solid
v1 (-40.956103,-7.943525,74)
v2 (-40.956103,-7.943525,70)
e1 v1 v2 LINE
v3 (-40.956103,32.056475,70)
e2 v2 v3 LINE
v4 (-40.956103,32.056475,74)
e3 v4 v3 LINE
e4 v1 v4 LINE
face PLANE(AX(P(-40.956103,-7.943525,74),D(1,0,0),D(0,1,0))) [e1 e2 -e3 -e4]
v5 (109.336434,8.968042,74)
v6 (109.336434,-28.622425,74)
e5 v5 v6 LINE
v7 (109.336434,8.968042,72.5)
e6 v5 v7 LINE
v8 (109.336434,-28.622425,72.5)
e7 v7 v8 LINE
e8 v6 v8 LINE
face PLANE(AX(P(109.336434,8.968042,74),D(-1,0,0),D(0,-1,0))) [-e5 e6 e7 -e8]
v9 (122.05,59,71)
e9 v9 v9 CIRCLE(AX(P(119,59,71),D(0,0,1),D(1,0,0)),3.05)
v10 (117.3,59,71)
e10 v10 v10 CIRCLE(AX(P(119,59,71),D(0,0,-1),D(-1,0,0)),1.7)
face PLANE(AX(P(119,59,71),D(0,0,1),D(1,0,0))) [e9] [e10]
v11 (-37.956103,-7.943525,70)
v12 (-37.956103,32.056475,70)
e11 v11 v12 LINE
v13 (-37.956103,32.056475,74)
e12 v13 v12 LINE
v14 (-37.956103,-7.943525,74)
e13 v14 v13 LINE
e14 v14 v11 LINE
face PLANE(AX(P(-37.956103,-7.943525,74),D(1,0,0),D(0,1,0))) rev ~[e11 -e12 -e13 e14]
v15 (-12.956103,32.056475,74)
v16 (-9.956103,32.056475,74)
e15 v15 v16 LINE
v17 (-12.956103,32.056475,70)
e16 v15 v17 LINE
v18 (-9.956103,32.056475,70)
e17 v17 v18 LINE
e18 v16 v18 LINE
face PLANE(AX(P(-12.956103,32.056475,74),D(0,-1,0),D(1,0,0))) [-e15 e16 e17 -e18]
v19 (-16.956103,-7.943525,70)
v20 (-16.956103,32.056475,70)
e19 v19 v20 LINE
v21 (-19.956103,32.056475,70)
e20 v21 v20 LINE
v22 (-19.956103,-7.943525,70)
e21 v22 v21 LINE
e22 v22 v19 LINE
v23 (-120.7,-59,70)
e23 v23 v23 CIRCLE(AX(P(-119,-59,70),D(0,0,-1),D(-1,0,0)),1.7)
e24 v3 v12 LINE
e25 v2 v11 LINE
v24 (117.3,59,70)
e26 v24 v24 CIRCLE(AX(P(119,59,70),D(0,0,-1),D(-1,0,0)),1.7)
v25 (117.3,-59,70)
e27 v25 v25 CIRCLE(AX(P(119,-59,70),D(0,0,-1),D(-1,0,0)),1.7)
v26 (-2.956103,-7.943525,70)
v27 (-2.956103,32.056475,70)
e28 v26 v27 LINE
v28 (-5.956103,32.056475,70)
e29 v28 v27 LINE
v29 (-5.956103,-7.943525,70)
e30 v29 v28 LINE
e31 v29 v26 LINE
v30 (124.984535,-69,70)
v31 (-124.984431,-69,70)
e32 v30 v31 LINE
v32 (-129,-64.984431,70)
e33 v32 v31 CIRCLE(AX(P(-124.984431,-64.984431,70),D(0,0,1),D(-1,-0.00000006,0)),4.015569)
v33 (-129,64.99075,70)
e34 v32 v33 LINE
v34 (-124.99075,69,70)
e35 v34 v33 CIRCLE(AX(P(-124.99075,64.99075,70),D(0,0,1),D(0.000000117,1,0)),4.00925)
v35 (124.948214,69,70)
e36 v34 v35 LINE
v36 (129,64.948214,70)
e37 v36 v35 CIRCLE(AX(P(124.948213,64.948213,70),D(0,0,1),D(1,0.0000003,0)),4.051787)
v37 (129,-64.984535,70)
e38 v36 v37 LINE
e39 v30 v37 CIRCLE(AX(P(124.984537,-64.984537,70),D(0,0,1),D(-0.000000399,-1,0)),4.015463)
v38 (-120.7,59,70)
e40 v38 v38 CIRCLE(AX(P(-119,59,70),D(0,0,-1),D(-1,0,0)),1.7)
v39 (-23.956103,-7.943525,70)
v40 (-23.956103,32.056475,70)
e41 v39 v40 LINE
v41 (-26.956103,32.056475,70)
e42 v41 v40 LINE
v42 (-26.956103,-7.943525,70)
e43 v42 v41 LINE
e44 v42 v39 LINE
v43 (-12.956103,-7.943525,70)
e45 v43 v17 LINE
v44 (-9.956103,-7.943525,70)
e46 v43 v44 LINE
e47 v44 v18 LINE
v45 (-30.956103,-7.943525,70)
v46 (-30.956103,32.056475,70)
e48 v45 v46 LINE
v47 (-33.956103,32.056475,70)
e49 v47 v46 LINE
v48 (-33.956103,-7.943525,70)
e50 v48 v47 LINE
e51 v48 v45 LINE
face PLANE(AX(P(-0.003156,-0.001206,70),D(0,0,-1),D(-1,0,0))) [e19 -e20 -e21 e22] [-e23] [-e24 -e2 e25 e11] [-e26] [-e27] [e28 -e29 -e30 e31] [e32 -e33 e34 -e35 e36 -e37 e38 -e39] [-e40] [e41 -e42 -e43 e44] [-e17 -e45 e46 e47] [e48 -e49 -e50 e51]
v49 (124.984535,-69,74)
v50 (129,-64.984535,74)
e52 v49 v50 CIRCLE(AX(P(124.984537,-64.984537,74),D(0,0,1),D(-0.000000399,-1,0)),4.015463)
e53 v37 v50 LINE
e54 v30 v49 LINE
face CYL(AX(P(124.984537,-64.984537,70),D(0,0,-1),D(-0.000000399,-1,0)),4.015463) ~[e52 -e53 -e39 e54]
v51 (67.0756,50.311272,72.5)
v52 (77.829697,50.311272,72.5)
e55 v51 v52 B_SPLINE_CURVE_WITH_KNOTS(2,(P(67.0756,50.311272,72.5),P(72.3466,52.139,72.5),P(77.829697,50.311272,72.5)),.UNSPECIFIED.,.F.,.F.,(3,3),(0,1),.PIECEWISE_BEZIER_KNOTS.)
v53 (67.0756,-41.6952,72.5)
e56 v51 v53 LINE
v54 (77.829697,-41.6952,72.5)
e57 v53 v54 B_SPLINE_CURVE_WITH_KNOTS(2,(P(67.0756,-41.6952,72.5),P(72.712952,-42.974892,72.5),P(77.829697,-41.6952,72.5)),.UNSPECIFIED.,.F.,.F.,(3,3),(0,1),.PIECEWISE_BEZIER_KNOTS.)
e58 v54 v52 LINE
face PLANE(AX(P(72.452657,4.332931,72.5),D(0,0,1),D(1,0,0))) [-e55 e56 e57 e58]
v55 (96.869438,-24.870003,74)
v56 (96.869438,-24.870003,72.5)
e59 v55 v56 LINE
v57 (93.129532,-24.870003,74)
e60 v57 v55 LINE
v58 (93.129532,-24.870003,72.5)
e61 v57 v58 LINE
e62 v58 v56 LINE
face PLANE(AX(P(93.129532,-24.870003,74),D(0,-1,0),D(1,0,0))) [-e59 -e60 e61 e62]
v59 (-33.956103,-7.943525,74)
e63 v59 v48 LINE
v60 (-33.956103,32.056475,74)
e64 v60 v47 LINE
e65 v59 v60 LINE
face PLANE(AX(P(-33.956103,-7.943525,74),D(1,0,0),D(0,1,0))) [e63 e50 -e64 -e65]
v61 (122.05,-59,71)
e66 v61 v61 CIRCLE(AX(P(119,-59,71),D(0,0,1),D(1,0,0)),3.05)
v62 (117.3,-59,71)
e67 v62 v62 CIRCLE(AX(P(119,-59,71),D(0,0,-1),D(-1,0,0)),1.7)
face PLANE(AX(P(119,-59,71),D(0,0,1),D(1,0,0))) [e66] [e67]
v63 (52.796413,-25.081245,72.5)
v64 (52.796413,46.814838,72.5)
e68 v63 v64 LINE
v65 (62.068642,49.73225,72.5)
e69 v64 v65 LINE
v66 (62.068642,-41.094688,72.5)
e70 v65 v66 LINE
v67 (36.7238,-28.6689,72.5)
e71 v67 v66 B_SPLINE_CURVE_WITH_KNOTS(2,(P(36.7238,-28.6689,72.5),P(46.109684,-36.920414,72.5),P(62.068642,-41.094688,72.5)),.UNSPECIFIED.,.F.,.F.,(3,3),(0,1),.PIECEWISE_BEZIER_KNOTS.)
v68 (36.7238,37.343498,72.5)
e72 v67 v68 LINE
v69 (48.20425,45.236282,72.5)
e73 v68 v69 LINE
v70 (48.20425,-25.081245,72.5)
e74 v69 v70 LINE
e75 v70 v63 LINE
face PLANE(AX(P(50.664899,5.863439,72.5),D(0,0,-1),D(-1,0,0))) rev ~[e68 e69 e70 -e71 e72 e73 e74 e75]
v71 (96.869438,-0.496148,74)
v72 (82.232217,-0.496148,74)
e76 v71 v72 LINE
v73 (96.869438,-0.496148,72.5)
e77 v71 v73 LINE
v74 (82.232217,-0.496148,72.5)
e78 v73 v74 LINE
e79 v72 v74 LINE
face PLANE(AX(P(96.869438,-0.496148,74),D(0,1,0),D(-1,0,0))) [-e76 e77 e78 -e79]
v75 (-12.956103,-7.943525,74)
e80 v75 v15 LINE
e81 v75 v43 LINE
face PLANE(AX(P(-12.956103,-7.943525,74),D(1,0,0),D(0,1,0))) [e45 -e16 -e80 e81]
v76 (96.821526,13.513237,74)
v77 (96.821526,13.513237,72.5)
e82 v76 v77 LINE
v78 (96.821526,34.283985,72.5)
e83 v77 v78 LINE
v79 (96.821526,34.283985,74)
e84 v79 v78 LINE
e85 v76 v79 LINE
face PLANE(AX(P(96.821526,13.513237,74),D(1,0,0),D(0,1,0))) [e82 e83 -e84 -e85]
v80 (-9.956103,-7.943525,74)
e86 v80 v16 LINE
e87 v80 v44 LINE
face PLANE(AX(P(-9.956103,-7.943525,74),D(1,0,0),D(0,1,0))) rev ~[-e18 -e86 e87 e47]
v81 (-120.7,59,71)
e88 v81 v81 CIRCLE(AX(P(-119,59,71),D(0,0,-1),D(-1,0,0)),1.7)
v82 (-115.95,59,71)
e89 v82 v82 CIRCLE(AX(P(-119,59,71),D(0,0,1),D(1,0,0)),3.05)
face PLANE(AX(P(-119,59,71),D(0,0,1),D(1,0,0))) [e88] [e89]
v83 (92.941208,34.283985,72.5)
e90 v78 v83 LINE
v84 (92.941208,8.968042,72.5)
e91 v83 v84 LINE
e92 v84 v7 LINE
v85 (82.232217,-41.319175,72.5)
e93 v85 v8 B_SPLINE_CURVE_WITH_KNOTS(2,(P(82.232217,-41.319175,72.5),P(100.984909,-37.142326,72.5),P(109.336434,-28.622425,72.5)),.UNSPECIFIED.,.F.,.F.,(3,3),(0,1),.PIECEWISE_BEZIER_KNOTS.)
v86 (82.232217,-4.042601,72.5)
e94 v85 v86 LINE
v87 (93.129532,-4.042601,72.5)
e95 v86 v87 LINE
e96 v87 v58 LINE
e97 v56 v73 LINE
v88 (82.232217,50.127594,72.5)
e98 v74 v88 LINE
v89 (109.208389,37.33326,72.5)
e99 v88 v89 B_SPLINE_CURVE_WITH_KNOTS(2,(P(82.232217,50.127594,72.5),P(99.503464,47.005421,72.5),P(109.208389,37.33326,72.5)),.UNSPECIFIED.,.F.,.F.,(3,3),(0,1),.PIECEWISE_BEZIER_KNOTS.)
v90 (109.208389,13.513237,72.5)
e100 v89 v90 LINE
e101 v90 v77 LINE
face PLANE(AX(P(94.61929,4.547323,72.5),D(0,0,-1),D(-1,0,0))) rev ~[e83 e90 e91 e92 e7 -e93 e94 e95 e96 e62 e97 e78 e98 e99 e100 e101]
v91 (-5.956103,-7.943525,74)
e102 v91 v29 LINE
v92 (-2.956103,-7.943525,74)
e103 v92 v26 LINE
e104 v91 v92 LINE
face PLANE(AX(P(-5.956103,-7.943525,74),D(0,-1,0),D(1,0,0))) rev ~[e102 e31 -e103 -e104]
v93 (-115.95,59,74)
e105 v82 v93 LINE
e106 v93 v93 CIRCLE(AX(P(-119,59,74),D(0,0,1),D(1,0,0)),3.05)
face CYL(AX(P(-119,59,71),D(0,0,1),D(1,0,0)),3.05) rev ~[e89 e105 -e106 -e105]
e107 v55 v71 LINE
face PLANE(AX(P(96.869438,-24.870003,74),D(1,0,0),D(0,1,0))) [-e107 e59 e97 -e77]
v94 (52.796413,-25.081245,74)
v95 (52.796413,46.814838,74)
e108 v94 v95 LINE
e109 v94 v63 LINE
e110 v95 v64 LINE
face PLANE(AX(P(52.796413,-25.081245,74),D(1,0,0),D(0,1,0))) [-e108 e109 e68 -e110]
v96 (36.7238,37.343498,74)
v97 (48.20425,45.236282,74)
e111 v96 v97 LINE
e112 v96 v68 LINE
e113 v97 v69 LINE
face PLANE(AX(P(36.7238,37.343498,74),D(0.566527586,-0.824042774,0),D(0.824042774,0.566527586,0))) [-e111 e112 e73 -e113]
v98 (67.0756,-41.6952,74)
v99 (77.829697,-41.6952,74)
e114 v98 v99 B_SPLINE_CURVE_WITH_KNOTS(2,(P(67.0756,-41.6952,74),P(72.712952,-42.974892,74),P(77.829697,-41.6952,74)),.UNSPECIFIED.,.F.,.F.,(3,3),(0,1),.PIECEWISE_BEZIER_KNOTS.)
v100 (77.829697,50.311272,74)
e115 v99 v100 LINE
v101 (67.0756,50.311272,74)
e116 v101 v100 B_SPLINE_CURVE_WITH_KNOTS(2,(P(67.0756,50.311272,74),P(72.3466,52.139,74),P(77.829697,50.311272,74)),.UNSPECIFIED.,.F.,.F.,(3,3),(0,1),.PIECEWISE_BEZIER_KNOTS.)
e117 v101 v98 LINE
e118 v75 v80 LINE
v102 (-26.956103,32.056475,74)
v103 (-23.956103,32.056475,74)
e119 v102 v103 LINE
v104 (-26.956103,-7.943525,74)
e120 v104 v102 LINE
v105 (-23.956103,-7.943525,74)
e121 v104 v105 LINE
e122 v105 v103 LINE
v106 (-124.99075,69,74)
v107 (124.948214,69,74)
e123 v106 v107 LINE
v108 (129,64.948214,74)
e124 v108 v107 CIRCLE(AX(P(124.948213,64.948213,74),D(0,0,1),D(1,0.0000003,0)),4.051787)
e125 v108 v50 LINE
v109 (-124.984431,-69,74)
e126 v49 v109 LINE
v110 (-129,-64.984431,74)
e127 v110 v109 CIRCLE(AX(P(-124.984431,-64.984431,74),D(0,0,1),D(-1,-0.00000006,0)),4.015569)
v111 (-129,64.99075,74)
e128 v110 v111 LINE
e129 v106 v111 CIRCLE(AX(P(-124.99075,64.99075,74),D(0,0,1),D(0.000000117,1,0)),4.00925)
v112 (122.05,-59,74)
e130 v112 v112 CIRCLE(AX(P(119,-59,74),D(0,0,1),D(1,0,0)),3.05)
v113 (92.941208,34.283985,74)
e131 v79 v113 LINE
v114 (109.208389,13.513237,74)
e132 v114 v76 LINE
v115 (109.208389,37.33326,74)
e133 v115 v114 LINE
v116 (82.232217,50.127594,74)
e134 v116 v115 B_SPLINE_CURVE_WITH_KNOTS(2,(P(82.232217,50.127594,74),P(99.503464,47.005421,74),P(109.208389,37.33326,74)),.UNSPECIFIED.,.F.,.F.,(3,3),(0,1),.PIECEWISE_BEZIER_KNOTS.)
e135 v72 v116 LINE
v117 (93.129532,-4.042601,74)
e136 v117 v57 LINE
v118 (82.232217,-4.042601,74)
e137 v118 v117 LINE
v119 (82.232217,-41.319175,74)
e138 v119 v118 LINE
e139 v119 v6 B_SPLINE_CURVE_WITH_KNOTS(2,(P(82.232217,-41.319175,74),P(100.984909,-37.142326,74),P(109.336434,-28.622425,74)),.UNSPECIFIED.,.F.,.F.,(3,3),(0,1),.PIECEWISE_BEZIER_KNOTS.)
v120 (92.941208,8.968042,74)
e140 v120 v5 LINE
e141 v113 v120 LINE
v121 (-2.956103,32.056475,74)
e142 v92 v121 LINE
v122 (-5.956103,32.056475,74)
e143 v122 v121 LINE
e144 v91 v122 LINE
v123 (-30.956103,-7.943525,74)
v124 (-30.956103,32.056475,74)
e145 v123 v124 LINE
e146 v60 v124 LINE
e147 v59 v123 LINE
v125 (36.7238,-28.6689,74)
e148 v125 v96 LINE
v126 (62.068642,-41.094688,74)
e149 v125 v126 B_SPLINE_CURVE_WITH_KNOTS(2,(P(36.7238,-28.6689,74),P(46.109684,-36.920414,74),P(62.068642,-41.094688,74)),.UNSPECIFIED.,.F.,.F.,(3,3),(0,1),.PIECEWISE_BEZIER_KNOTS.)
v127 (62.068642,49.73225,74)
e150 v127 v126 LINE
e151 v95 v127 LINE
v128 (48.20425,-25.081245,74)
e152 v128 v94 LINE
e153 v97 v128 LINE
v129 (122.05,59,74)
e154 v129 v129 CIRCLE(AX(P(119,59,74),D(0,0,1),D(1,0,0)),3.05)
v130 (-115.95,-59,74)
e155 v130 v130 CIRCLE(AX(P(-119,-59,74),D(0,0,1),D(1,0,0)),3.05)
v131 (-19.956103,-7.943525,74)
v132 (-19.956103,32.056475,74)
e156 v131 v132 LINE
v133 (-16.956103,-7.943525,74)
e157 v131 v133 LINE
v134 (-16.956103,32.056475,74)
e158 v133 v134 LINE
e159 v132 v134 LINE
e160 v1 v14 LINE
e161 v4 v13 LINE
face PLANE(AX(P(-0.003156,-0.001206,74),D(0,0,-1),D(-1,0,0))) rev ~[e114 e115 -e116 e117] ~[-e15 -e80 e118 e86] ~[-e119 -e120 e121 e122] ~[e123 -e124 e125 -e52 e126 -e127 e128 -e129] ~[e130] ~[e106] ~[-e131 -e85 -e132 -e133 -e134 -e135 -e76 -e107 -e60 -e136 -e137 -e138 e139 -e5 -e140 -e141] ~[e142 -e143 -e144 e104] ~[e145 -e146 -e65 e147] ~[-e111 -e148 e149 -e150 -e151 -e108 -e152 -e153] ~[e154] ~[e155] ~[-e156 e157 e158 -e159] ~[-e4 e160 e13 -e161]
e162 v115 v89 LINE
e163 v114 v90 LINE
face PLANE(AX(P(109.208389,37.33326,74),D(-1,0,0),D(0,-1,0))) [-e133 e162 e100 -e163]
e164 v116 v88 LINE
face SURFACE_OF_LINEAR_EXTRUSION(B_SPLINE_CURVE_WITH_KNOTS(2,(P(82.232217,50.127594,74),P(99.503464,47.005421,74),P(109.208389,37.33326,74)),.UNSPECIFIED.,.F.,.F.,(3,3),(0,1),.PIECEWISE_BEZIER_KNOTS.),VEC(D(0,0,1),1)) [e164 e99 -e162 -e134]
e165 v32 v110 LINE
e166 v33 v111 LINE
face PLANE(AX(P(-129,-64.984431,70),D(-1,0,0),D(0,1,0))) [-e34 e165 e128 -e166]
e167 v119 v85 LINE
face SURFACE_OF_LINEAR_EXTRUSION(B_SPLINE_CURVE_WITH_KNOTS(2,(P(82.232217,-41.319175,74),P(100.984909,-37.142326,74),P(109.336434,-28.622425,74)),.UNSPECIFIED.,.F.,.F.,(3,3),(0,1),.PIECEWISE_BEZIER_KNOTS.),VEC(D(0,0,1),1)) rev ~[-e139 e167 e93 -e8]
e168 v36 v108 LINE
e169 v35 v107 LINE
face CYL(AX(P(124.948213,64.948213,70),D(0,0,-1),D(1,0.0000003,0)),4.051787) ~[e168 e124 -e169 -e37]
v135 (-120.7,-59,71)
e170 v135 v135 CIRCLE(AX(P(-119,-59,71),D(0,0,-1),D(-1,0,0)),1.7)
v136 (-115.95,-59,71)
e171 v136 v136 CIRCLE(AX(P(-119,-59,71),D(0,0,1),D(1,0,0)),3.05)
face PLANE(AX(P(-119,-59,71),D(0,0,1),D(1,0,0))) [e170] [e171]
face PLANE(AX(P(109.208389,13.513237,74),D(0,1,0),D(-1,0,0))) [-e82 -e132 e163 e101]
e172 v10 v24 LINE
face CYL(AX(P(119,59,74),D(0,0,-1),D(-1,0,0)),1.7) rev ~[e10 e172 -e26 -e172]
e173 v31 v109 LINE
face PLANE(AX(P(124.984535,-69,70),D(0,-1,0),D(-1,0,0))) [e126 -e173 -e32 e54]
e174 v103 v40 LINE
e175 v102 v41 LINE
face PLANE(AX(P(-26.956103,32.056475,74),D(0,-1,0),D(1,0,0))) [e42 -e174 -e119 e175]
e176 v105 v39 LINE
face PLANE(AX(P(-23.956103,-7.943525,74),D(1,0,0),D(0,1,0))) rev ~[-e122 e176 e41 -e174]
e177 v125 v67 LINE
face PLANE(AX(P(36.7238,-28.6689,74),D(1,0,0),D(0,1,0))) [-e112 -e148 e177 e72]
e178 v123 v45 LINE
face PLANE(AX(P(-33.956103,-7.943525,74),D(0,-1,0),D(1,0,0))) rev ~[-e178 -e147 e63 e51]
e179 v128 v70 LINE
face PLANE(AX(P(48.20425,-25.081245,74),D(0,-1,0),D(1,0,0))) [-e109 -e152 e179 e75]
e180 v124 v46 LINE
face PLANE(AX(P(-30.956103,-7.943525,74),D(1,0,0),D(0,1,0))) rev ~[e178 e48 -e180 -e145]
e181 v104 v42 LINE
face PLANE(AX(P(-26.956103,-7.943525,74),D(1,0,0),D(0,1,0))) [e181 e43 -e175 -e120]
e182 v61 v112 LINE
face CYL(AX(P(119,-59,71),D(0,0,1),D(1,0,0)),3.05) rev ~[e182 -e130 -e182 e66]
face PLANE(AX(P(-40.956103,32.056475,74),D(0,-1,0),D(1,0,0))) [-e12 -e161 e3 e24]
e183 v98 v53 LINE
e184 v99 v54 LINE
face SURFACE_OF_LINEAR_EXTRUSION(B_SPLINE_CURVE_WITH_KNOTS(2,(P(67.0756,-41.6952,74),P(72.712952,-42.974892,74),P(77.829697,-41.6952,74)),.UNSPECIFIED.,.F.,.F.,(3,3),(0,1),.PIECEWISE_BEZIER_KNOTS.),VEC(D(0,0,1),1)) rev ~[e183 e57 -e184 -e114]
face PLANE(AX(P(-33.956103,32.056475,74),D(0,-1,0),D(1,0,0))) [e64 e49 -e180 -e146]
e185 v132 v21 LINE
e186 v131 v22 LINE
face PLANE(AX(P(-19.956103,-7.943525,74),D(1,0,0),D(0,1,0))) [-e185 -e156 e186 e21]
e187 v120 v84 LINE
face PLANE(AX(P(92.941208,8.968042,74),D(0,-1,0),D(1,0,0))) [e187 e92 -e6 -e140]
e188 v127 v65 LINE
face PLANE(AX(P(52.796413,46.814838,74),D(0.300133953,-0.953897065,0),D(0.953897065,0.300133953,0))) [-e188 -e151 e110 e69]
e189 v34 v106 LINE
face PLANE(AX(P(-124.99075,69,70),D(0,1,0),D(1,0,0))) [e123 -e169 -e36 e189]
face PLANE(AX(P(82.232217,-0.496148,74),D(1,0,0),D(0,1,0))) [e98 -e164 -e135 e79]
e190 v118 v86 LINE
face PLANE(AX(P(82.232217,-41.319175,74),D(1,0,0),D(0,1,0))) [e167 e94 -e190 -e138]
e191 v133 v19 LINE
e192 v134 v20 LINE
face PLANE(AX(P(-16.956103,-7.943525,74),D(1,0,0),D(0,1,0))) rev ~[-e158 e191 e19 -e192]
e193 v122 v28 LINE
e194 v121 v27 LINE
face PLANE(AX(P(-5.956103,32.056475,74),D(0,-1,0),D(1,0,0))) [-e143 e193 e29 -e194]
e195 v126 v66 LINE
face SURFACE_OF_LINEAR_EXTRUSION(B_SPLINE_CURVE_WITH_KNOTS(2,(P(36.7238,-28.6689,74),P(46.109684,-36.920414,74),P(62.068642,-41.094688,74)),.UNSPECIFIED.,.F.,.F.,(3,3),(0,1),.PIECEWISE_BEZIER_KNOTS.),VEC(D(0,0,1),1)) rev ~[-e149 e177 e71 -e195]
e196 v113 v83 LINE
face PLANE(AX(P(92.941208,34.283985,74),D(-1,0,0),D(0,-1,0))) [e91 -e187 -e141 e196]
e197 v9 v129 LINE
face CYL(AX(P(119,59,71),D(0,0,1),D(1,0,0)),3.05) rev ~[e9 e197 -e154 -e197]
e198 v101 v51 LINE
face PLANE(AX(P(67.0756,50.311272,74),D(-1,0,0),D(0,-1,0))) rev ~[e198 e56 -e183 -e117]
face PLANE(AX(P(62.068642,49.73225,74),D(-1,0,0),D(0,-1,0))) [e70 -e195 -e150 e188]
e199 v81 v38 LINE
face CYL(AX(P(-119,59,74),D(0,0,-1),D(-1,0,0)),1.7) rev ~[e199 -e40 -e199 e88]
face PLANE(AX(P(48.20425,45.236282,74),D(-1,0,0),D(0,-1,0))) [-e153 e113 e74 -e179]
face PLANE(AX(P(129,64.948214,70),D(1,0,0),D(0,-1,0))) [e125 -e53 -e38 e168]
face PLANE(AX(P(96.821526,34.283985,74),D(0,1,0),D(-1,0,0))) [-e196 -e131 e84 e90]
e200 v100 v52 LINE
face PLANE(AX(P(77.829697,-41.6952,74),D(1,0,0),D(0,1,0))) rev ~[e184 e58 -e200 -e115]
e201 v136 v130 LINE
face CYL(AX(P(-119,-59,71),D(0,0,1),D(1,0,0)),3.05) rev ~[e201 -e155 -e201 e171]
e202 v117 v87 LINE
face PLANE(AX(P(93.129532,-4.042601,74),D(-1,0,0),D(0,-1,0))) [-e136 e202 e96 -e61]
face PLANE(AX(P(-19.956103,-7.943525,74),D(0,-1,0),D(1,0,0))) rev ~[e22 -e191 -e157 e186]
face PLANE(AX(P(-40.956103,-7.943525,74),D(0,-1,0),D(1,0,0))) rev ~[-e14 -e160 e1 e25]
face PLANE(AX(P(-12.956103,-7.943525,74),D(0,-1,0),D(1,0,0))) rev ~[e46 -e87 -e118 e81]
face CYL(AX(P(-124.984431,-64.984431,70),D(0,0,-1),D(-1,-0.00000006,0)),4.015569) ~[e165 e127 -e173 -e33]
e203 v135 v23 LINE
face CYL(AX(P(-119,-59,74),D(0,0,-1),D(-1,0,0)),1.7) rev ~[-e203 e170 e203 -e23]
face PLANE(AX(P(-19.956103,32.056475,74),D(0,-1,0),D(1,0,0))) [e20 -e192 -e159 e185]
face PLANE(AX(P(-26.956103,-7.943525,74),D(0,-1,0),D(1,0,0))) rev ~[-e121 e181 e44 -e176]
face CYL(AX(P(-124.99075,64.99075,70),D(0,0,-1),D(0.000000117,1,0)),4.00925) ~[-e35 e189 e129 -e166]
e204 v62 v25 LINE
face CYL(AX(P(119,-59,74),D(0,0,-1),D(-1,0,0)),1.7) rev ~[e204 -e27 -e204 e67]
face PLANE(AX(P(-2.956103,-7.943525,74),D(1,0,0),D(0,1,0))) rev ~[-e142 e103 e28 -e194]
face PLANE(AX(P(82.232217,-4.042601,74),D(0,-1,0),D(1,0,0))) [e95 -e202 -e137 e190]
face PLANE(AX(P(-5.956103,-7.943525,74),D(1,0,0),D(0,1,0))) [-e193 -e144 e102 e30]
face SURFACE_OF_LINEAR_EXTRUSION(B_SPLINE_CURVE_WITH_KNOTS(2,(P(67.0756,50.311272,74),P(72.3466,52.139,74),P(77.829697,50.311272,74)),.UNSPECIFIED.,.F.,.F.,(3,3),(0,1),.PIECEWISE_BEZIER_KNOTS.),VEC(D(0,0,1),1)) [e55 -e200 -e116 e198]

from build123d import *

# Parameters (mm, degrees)
PAD010_DEPTH        = 4
HOLE002_D           = 3.4
HOLE002_DEPTH       = 24
HOLE002_CBORE_D     = 6.1
HOLE002_CBORE_DEPTH = 3
POCKET043_DEPTH     = 1.5
SKETCH091_W         = 3
SKETCH091_H         = 40
POCKET045_DEPTH     = 4


with BuildPart() as part:
    # Sketch015 → Pad010 (new body)
    with BuildSketch(Plane.XY):
        with BuildLine():
            Line((-124.99075, 69), (124.948214, 69))
            ThreePointArc((129, 64.948214), (127.813259, 67.813259), (124.948214, 69))
            Line((129, 64.948214), (129, -64.984535))
            ThreePointArc((124.984535, -69), (127.823898, -67.823898), (129, -64.984535))
            Line((124.984535, -69), (-124.984431, -69))
            ThreePointArc((-129, -64.984431), (-127.823867, -67.823867), (-124.984431, -69))
            Line((-129, -64.984431), (-129, 64.99075))
            ThreePointArc((-124.99075, 69), (-127.825718, 67.825718), (-129, 64.99075))
        make_face()
    extrude(amount=PAD010_DEPTH)

    # Hole002
    with Locations(Plane.XY.offset(4)):
        with Locations((119, 59), (119, -59), (-119, -59), (-119, 59)):
            CounterBoreHole(HOLE002_D / 2, HOLE002_CBORE_D / 2, HOLE002_CBORE_DEPTH, depth=HOLE002_DEPTH)

    # Sketch089 (on Face5 of Hole002) → Pocket043 (cut)
    with BuildSketch(Plane.XY.offset(4)):
        with BuildLine():
            Line((36.7238, 37.343498), (48.20425, 45.236282))
            Line((48.20425, 45.236282), (48.20425, -25.081245))
            Line((48.20425, -25.081245), (52.796413, -25.081245))
            Line((52.796413, -25.081245), (52.796413, 46.814838))
            Line((52.796413, 46.814838), (62.068642, 49.73225))
            Line((62.068642, 49.73225), (62.068642, -41.094688))
            add(Edge.make_bspline(
                [(36.7238, -28.6689), (46.109684, -36.920414), (62.068642, -41.094688)],
                knots=[0, 0, 0, 1, 1, 1], degree=2))
            Line((36.7238, -28.6689), (36.7238, 37.343498))
        make_face()
        with BuildLine():
            Line((67.0756, 50.311272), (67.0756, -41.6952))
            add(Edge.make_bspline(
                [(67.0756, -41.6952), (72.712952, -42.974892), (77.829697, -41.6952)],
                knots=[0, 0, 0, 1, 1, 1], degree=2))
            Line((77.829697, -41.6952), (77.829697, 50.311272))
            add(Edge.make_bspline(
                [(67.0756, 50.311272), (72.3466, 52.139), (77.829697, 50.311272)],
                knots=[0, 0, 0, 1, 1, 1], degree=2))
        make_face()
        with BuildLine():
            Line((82.232217, -41.319175), (82.232217, -4.042601))
            Line((82.232217, -4.042601), (93.129532, -4.042601))
            Line((93.129532, -4.042601), (93.129532, -24.870003))
            Line((93.129532, -24.870003), (96.869438, -24.870003))
            Line((96.869438, -24.870003), (96.869438, -0.496148))
            Line((96.869438, -0.496148), (82.232217, -0.496148))
            Line((82.232217, -0.496148), (82.232217, 50.127594))
            add(Edge.make_bspline(
                [(82.232217, 50.127594), (99.503464, 47.005421), (109.208389, 37.33326)],
                knots=[0, 0, 0, 1, 1, 1], degree=2))
            Line((109.208389, 37.33326), (109.208389, 13.513237))
            Line((109.208389, 13.513237), (96.821526, 13.513237))
            Line((96.821526, 13.513237), (96.821526, 34.283985))
            Line((96.821526, 34.283985), (92.941208, 34.283985))
            Line((92.941208, 34.283985), (92.941208, 8.968042))
            Line((92.941208, 8.968042), (109.336434, 8.968042))
            Line((109.336434, 8.968042), (109.336434, -28.622425))
            add(Edge.make_bspline(
                [(82.232217, -41.319175), (100.984909, -37.142326), (109.336434, -28.622425)],
                knots=[0, 0, 0, 1, 1, 1], degree=2))
        make_face()
    extrude(amount=-POCKET043_DEPTH, mode=Mode.SUBTRACT)

    # Sketch091 (on Face5 of Pocket043) → Pocket045 (cut)
    with BuildSketch(Plane.XY.offset(4)):
        with Locations((-39.456103, 12.056475)):
            Rectangle(SKETCH091_W, SKETCH091_H)
        with Locations((-32.456103, 12.056475)):
            Rectangle(SKETCH091_W, SKETCH091_H)
        with Locations((-25.456103, 12.056475)):
            Rectangle(SKETCH091_W, SKETCH091_H)
        with Locations((-18.456103, 12.056475)):
            Rectangle(SKETCH091_W, SKETCH091_H)
        with Locations((-11.456103, 12.056475)):
            Rectangle(SKETCH091_W, SKETCH091_H)
        with Locations((-4.456103, 12.056475)):
            Rectangle(SKETCH091_W, SKETCH091_H)
    extrude(amount=-POCKET045_DEPTH, mode=Mode.SUBTRACT)


with BuildPart() as part_1:
    # Body005 placement: moved
    add(part.part.moved(Location((0, 0, 70))))


solid = part_1.part
